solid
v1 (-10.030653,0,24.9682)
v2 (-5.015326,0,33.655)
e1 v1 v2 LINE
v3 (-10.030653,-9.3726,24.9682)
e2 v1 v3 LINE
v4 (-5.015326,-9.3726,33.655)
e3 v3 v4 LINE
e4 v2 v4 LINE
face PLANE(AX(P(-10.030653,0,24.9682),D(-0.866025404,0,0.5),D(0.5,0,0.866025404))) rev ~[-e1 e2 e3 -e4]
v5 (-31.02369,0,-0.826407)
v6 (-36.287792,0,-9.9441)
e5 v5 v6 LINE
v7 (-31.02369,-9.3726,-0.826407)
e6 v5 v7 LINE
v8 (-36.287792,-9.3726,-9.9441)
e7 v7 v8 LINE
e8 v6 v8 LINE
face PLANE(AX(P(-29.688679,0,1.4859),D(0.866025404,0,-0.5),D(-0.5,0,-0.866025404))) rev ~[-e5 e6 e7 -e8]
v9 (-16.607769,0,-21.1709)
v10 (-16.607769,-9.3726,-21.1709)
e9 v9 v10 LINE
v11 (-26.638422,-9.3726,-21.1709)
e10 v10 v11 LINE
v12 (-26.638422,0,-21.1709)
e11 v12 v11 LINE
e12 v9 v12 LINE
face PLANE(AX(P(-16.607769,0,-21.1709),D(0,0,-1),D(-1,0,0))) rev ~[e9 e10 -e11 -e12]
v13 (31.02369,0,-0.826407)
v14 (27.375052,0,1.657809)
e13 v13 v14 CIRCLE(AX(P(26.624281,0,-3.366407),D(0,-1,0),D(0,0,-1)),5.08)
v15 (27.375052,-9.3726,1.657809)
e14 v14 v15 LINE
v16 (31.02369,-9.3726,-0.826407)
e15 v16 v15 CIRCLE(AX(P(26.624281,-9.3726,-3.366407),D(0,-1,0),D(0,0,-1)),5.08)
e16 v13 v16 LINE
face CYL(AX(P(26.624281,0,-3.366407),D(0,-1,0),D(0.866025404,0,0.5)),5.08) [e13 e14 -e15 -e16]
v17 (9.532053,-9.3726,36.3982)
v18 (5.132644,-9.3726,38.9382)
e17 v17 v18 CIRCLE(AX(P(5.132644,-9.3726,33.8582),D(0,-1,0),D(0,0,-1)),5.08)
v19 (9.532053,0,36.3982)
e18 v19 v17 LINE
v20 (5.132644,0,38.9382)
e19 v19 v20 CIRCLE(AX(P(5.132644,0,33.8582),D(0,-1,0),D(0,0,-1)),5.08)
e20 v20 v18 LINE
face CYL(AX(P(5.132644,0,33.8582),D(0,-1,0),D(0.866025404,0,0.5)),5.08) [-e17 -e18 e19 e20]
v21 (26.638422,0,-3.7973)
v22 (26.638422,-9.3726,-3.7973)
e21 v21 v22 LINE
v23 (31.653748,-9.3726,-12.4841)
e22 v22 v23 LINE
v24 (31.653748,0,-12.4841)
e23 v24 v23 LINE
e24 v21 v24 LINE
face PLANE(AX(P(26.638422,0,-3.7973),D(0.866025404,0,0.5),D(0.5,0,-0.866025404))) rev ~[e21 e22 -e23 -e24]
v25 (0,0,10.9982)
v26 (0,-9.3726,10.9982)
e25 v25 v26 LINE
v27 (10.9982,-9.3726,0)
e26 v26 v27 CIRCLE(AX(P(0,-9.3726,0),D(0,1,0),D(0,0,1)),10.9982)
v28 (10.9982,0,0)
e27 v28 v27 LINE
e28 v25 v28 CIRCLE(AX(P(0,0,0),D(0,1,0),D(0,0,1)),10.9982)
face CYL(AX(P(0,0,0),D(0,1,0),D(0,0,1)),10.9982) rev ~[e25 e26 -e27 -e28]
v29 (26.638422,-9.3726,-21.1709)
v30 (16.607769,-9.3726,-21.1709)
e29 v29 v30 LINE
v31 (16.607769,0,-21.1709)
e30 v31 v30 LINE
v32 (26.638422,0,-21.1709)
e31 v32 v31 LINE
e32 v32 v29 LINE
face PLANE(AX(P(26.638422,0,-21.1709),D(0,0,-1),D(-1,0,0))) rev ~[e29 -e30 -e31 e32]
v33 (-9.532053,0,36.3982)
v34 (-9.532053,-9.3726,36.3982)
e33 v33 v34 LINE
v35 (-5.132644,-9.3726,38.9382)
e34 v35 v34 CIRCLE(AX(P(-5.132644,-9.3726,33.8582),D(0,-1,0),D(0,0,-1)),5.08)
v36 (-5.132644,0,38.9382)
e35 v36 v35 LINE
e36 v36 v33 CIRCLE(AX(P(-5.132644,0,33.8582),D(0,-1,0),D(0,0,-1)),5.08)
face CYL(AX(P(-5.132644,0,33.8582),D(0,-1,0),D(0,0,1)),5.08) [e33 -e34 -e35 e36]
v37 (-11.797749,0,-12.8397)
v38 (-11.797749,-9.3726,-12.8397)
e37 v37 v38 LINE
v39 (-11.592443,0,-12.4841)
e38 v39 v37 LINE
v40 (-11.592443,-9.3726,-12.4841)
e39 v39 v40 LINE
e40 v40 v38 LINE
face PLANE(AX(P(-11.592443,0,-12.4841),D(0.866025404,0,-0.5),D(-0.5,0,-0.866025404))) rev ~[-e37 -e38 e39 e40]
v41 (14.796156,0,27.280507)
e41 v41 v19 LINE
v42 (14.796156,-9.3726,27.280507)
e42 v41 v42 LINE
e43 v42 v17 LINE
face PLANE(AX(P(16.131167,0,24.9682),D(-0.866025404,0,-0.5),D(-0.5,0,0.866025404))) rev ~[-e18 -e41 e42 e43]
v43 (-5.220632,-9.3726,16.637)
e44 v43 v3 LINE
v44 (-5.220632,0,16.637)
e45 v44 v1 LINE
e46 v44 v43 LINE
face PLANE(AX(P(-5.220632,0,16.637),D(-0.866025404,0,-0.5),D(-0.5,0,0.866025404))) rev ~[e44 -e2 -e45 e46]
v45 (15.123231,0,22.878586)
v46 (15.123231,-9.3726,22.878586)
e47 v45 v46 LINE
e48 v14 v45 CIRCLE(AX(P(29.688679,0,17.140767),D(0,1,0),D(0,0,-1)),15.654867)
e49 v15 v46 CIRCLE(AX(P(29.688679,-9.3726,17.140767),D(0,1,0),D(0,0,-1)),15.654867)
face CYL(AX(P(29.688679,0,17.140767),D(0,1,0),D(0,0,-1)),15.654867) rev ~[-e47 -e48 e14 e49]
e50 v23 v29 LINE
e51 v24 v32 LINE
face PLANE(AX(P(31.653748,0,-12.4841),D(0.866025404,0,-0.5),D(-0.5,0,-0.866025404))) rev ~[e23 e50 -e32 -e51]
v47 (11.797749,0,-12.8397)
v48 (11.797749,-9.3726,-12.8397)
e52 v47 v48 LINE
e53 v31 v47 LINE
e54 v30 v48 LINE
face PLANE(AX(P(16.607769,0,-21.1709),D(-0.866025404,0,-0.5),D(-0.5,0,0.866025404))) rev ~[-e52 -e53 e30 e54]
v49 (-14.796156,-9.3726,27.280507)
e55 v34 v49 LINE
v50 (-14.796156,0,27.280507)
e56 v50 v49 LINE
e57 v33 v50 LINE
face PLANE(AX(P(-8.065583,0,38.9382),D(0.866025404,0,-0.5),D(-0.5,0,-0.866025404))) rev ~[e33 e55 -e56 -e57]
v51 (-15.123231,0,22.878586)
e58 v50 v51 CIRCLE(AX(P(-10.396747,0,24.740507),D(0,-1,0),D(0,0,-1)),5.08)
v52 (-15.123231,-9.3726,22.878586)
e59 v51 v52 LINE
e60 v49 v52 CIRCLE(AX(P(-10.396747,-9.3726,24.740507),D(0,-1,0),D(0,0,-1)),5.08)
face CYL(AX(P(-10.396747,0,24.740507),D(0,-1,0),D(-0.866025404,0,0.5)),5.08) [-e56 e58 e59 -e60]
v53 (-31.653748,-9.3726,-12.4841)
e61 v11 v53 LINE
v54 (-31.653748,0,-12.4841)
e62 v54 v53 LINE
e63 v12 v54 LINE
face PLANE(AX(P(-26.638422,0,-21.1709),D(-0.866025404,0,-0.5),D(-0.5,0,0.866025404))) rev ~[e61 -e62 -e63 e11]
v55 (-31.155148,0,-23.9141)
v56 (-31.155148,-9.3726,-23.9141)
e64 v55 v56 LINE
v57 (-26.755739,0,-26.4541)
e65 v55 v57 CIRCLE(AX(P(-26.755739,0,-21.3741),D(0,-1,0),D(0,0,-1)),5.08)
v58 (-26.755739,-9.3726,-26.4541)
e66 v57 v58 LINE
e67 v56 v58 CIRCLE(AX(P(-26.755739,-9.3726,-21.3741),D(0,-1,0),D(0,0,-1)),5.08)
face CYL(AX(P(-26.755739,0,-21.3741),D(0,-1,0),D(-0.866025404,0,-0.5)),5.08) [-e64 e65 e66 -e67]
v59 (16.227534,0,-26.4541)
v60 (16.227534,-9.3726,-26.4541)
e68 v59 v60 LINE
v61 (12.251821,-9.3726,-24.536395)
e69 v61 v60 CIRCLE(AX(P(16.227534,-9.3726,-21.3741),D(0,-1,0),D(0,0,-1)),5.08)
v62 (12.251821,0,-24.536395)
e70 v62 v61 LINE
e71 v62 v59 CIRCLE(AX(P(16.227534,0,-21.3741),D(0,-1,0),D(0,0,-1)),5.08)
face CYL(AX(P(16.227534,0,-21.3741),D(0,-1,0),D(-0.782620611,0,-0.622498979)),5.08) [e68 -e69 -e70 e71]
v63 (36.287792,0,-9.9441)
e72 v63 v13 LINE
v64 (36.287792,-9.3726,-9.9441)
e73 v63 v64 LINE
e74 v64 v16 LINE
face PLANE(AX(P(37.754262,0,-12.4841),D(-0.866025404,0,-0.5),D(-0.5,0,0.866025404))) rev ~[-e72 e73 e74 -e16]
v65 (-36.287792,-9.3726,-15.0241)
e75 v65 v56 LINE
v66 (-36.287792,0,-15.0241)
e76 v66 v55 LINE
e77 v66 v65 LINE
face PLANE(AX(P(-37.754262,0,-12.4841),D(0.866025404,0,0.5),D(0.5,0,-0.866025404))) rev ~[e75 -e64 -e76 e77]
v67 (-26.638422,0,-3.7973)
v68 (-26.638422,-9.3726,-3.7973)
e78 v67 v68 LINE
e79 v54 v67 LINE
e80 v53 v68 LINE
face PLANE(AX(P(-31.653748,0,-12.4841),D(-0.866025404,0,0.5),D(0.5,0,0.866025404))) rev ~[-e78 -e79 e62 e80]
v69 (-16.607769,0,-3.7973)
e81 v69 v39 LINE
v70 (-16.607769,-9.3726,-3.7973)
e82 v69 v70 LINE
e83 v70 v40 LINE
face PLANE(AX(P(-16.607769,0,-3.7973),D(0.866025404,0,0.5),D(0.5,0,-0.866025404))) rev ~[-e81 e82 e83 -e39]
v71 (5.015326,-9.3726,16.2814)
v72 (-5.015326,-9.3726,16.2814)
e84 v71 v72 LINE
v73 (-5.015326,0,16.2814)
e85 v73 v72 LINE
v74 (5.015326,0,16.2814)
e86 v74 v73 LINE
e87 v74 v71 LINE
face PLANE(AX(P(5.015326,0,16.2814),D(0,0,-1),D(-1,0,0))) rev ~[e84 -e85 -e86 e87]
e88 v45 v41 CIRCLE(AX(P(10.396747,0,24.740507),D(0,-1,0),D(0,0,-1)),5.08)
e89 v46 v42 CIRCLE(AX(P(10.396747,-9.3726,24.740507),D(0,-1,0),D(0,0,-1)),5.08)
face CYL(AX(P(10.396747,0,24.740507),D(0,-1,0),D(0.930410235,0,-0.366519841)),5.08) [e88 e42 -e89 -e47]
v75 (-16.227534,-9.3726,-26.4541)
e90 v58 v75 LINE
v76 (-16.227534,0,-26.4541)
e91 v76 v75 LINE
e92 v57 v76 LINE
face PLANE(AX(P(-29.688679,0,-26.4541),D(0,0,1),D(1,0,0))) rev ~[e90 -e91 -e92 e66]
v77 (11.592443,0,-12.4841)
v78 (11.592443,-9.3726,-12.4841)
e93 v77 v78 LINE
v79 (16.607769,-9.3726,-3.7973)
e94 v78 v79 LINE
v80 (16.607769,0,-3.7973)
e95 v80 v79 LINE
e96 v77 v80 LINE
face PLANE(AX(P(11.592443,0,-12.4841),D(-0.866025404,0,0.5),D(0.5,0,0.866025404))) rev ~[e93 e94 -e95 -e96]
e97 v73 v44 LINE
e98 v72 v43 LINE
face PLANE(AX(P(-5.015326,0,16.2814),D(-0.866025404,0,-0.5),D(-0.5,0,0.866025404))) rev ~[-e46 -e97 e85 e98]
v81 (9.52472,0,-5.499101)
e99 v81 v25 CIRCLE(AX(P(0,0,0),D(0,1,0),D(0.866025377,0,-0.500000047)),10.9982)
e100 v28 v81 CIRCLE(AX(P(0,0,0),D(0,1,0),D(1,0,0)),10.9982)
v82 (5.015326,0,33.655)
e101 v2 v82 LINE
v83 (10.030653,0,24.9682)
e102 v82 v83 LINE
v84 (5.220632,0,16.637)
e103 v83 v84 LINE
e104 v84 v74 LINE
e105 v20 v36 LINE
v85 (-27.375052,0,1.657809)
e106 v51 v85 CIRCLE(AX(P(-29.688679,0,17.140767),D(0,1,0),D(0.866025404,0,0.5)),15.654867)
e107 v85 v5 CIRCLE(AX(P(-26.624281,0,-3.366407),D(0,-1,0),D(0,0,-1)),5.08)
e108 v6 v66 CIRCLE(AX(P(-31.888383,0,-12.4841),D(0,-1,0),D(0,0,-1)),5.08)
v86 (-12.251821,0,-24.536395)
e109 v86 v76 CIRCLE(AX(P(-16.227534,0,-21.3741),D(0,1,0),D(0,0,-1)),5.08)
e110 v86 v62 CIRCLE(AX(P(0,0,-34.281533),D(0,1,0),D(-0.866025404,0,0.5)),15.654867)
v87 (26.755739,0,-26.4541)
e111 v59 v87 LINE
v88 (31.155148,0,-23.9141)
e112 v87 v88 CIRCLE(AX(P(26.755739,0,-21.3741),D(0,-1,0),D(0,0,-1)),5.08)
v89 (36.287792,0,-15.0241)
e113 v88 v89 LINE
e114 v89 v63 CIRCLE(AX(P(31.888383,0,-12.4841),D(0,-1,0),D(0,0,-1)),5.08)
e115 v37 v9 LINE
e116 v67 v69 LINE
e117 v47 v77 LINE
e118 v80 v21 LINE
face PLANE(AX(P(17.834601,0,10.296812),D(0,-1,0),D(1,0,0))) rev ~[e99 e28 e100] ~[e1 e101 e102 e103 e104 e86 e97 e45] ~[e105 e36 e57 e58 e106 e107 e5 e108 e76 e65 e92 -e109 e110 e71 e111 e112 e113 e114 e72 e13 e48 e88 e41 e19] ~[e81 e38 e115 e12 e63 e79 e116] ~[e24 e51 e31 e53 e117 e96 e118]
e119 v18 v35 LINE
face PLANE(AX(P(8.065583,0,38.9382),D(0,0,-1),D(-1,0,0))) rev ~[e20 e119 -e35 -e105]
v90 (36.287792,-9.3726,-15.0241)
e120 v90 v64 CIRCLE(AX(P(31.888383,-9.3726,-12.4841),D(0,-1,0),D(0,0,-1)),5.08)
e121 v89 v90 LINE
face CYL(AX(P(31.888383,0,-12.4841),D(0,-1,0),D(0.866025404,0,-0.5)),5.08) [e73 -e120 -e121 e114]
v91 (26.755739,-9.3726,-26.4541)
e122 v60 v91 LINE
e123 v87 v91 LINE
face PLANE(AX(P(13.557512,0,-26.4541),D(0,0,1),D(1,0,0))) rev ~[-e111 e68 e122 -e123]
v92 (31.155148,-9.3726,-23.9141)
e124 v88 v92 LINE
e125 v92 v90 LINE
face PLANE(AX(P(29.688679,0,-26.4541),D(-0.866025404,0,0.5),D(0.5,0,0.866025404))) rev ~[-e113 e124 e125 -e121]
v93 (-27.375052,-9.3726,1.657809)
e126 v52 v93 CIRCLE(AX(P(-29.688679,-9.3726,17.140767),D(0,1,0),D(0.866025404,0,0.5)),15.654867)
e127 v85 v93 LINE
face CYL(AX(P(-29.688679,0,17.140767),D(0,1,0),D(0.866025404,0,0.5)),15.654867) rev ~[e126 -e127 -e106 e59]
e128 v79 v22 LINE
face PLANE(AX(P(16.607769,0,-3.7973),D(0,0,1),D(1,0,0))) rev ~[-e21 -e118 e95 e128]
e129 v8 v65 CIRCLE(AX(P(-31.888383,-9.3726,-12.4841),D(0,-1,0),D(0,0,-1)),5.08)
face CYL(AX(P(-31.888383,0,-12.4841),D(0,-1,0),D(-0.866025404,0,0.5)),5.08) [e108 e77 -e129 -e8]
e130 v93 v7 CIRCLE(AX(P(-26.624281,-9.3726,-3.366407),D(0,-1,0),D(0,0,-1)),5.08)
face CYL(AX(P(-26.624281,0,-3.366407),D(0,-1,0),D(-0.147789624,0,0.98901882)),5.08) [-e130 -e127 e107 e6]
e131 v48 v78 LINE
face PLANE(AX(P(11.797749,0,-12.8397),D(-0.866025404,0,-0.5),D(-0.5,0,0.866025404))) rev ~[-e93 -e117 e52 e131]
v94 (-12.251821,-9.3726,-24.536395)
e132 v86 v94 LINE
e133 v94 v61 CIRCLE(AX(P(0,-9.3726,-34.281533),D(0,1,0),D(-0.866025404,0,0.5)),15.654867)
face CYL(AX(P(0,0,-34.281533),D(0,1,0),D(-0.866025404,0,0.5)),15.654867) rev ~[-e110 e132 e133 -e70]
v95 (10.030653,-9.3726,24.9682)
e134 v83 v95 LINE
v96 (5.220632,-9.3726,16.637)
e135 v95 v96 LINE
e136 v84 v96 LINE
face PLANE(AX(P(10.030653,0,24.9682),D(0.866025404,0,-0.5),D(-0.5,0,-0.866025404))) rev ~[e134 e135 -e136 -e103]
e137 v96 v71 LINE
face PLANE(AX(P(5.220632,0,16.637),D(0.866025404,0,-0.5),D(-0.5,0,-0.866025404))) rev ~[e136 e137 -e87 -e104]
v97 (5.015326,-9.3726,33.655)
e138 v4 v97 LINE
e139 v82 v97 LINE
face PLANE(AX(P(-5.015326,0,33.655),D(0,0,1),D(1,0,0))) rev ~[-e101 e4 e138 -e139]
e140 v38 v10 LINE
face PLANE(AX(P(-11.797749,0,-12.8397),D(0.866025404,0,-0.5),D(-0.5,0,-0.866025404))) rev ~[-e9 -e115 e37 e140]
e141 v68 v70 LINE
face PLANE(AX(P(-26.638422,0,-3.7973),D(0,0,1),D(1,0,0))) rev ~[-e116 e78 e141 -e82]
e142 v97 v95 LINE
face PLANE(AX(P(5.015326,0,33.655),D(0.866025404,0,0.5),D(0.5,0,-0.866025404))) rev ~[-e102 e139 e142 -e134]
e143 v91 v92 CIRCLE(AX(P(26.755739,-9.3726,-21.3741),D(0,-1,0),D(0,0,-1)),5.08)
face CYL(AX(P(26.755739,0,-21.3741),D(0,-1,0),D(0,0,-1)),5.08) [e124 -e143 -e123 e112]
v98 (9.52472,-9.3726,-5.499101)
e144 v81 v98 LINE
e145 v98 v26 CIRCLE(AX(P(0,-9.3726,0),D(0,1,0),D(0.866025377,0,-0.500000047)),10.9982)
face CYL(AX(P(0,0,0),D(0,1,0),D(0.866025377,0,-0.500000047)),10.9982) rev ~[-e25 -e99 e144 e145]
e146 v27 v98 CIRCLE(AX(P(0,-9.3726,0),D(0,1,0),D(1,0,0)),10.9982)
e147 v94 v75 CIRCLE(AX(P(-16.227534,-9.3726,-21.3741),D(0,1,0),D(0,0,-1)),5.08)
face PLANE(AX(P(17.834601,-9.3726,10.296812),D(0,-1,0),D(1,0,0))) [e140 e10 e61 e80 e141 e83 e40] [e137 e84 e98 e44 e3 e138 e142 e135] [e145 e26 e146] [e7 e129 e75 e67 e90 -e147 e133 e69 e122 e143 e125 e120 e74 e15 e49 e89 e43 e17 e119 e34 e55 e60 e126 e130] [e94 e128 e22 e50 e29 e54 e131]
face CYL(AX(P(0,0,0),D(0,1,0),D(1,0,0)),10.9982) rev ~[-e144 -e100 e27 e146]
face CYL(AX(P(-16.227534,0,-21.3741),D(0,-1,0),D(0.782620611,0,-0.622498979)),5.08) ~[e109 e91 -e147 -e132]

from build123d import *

# Parameters (mm, degrees)
F1_DEPTH = 9.3726
F2_R     = 5.08


with BuildPart() as f1:
    # F0 (on Front) → F1 (new body)
    with BuildSketch(Plane.XZ):
        with BuildLine():
            Line((16.1311665212, 24.9682), (10.4632611935, 15.1511))
            Line((10.4632611935, 15.1511), (18.352868092, 1.4859))
            Line((18.352868092, 1.4859), (29.6886787473, 1.4859))
            ThreePointArc((29.6886787473, 1.4859), (16.1311665212, 9.3133333333), (16.1311665212, 24.9682))
        make_face()
        Polygon((9.6053764285, 16.637), (10.4632611935, 15.1511), (16.1311665212, 24.9682), (8.0655832606, 38.9382), (-8.0655832606, 38.9382), (-16.1311665212, 24.9682), (-10.4632611935, 15.1511), (-9.6053764285, 16.637), (-5.2206320741, 16.637), (-10.0306526368, 24.9682), (-5.0153263184, 33.655), (5.0153263184, 33.655), (10.0306526368, 24.9682), (5.2206320741, 16.637), align=None)
        with BuildLine():
            Line((-18.352868092, 1.4859), (-10.4632611935, 15.1511))
            Line((-10.4632611935, 15.1511), (-16.1311665212, 24.9682))
            ThreePointArc((-16.1311665212, 24.9682), (-16.1311665212, 9.3133333333), (-29.6886787473, 1.4859))
            Line((-29.6886787473, 1.4859), (-18.352868092, 1.4859))
        make_face()
        with BuildLine():
            Line((13.5575122262, -26.4541), (7.8896068985, -16.637))
            Line((7.8896068985, -16.637), (-7.8896068985, -16.637))
            Line((-7.8896068985, -16.637), (-13.5575122262, -26.4541))
            ThreePointArc((-13.5575122262, -26.4541), (0, -18.6266666667), (13.5575122262, -26.4541))
        make_face()
        Polygon((9.6053764285, -16.637), (7.8896068985, -16.637), (13.5575122262, -26.4541), (29.6886787473, -26.4541), (37.7542620079, -12.4841), (29.6886787473, 1.4859), (18.352868092, 1.4859), (19.210752857, 0), (17.0183806798, -3.7973), (26.6384218052, -3.7973), (31.6537481236, -12.4841), (26.6384218052, -21.1709), (16.6077691684, -21.1709), (11.7977486057, -12.8397), align=None)
        Polygon((-19.210752857, 0), (-18.352868092, 1.4859), (-29.6886787473, 1.4859), (-37.7542620079, -12.4841), (-29.6886787473, -26.4541), (-13.5575122262, -26.4541), (-7.8896068985, -16.637), (-9.6053764285, -16.637), (-11.7977486057, -12.8397), (-16.6077691684, -21.1709), (-26.6384218052, -21.1709), (-31.6537481236, -12.4841), (-26.6384218052, -3.7973), (-17.0183806798, -3.7973), align=None)
        Polygon((-5.4919289656, -12.4841), (-9.5247203399, -5.4991004434), (-13.5575122262, 1.4859), (-18.352868092, 1.4859), (-19.210752857, 0), (-17.0183806798, -3.7973), (-16.6077691684, -3.7973), (-11.59244285, -12.4841), (-11.7977486057, -12.8397), (-9.6053764285, -16.637), (-7.8896068985, -16.637), align=None)
        with BuildLine():
            Line((5.4919289656, -12.4841), (9.5247202992, -5.4991005139))
            ThreePointArc((9.5247202992, -5.4991005139), (-4.07e-08, -10.9982), (-9.5247203399, -5.4991004434))
            Line((-9.5247203399, -5.4991004434), (-5.4919289656, -12.4841))
            Line((-5.4919289656, -12.4841), (-7.8896068985, -16.637))
            Line((-7.8896068985, -16.637), (7.8896068985, -16.637))
            Line((7.8896068985, -16.637), (5.4919289656, -12.4841))
        make_face()
        Polygon((13.5575122262, 1.4859), (9.5247202992, -5.4991005139), (5.4919289656, -12.4841), (7.8896068985, -16.637), (9.6053764285, -16.637), (11.7977486057, -12.8397), (11.59244285, -12.4841), (16.6077691684, -3.7973), (17.0183806798, -3.7973), (19.210752857, 0), (18.352868092, 1.4859), align=None)
        with BuildLine():
            ThreePointArc((0, 10.9982), (7.7769018008, 7.7769018008), (10.9982, 0))
            ThreePointArc((10.9982, 0), (10.6234453459, -2.8465439085), (9.5247202992, -5.4991005139))
            Line((9.5247202992, -5.4991005139), (13.5575122262, 1.4859))
            Line((13.5575122262, 1.4859), (18.352868092, 1.4859))
            Line((18.352868092, 1.4859), (10.4632611935, 15.1511))
            Line((10.4632611935, 15.1511), (8.0655832606, 10.9982))
            Line((8.0655832606, 10.9982), (0, 10.9982))
        make_face()
        with BuildLine():
            ThreePointArc((-9.5247203399, -5.4991004434), (-9.5247207239, 5.4990997783), (0, 10.9982))
            Line((0, 10.9982), (-8.0655832606, 10.9982))
            Line((-8.0655832606, 10.9982), (-10.4632611935, 15.1511))
            Line((-10.4632611935, 15.1511), (-18.352868092, 1.4859))
            Line((-18.352868092, 1.4859), (-13.5575122262, 1.4859))
            Line((-13.5575122262, 1.4859), (-9.5247203399, -5.4991004434))
        make_face()
        Polygon((-8.0655832606, 10.9982), (0, 10.9982), (8.0655832606, 10.9982), (10.4632611935, 15.1511), (9.6053764285, 16.637), (5.2206320741, 16.637), (5.0153263184, 16.2814), (-5.0153263184, 16.2814), (-5.2206320741, 16.637), (-9.6053764285, 16.637), (-10.4632611935, 15.1511), align=None)
    extrude(amount=F1_DEPTH)

    # F2
    f2_edges = [f1.edges().sort_by_distance(p)[0] for p in [
        (8.065583, -4.6863, 38.9382),
        (16.131167, -4.6863, 24.9682),
        (-8.065583, -4.6863, 38.9382),
        (-16.131167, -4.6863, 24.9682),
        (-29.688679, -4.6863, 1.4859),
        (-37.754262, -4.6863, -12.4841),
        (-29.688679, -4.6863, -26.4541),
        (-13.557512, -4.6863, -26.4541),
        (13.557512, -4.6863, -26.4541),
        (29.688679, -4.6863, -26.4541),
        (37.754262, -4.6863, -12.4841),
        (29.688679, -4.6863, 1.4859),
    ]]
    fillet(f2_edges, radius=F2_R)


solid = f1.part
